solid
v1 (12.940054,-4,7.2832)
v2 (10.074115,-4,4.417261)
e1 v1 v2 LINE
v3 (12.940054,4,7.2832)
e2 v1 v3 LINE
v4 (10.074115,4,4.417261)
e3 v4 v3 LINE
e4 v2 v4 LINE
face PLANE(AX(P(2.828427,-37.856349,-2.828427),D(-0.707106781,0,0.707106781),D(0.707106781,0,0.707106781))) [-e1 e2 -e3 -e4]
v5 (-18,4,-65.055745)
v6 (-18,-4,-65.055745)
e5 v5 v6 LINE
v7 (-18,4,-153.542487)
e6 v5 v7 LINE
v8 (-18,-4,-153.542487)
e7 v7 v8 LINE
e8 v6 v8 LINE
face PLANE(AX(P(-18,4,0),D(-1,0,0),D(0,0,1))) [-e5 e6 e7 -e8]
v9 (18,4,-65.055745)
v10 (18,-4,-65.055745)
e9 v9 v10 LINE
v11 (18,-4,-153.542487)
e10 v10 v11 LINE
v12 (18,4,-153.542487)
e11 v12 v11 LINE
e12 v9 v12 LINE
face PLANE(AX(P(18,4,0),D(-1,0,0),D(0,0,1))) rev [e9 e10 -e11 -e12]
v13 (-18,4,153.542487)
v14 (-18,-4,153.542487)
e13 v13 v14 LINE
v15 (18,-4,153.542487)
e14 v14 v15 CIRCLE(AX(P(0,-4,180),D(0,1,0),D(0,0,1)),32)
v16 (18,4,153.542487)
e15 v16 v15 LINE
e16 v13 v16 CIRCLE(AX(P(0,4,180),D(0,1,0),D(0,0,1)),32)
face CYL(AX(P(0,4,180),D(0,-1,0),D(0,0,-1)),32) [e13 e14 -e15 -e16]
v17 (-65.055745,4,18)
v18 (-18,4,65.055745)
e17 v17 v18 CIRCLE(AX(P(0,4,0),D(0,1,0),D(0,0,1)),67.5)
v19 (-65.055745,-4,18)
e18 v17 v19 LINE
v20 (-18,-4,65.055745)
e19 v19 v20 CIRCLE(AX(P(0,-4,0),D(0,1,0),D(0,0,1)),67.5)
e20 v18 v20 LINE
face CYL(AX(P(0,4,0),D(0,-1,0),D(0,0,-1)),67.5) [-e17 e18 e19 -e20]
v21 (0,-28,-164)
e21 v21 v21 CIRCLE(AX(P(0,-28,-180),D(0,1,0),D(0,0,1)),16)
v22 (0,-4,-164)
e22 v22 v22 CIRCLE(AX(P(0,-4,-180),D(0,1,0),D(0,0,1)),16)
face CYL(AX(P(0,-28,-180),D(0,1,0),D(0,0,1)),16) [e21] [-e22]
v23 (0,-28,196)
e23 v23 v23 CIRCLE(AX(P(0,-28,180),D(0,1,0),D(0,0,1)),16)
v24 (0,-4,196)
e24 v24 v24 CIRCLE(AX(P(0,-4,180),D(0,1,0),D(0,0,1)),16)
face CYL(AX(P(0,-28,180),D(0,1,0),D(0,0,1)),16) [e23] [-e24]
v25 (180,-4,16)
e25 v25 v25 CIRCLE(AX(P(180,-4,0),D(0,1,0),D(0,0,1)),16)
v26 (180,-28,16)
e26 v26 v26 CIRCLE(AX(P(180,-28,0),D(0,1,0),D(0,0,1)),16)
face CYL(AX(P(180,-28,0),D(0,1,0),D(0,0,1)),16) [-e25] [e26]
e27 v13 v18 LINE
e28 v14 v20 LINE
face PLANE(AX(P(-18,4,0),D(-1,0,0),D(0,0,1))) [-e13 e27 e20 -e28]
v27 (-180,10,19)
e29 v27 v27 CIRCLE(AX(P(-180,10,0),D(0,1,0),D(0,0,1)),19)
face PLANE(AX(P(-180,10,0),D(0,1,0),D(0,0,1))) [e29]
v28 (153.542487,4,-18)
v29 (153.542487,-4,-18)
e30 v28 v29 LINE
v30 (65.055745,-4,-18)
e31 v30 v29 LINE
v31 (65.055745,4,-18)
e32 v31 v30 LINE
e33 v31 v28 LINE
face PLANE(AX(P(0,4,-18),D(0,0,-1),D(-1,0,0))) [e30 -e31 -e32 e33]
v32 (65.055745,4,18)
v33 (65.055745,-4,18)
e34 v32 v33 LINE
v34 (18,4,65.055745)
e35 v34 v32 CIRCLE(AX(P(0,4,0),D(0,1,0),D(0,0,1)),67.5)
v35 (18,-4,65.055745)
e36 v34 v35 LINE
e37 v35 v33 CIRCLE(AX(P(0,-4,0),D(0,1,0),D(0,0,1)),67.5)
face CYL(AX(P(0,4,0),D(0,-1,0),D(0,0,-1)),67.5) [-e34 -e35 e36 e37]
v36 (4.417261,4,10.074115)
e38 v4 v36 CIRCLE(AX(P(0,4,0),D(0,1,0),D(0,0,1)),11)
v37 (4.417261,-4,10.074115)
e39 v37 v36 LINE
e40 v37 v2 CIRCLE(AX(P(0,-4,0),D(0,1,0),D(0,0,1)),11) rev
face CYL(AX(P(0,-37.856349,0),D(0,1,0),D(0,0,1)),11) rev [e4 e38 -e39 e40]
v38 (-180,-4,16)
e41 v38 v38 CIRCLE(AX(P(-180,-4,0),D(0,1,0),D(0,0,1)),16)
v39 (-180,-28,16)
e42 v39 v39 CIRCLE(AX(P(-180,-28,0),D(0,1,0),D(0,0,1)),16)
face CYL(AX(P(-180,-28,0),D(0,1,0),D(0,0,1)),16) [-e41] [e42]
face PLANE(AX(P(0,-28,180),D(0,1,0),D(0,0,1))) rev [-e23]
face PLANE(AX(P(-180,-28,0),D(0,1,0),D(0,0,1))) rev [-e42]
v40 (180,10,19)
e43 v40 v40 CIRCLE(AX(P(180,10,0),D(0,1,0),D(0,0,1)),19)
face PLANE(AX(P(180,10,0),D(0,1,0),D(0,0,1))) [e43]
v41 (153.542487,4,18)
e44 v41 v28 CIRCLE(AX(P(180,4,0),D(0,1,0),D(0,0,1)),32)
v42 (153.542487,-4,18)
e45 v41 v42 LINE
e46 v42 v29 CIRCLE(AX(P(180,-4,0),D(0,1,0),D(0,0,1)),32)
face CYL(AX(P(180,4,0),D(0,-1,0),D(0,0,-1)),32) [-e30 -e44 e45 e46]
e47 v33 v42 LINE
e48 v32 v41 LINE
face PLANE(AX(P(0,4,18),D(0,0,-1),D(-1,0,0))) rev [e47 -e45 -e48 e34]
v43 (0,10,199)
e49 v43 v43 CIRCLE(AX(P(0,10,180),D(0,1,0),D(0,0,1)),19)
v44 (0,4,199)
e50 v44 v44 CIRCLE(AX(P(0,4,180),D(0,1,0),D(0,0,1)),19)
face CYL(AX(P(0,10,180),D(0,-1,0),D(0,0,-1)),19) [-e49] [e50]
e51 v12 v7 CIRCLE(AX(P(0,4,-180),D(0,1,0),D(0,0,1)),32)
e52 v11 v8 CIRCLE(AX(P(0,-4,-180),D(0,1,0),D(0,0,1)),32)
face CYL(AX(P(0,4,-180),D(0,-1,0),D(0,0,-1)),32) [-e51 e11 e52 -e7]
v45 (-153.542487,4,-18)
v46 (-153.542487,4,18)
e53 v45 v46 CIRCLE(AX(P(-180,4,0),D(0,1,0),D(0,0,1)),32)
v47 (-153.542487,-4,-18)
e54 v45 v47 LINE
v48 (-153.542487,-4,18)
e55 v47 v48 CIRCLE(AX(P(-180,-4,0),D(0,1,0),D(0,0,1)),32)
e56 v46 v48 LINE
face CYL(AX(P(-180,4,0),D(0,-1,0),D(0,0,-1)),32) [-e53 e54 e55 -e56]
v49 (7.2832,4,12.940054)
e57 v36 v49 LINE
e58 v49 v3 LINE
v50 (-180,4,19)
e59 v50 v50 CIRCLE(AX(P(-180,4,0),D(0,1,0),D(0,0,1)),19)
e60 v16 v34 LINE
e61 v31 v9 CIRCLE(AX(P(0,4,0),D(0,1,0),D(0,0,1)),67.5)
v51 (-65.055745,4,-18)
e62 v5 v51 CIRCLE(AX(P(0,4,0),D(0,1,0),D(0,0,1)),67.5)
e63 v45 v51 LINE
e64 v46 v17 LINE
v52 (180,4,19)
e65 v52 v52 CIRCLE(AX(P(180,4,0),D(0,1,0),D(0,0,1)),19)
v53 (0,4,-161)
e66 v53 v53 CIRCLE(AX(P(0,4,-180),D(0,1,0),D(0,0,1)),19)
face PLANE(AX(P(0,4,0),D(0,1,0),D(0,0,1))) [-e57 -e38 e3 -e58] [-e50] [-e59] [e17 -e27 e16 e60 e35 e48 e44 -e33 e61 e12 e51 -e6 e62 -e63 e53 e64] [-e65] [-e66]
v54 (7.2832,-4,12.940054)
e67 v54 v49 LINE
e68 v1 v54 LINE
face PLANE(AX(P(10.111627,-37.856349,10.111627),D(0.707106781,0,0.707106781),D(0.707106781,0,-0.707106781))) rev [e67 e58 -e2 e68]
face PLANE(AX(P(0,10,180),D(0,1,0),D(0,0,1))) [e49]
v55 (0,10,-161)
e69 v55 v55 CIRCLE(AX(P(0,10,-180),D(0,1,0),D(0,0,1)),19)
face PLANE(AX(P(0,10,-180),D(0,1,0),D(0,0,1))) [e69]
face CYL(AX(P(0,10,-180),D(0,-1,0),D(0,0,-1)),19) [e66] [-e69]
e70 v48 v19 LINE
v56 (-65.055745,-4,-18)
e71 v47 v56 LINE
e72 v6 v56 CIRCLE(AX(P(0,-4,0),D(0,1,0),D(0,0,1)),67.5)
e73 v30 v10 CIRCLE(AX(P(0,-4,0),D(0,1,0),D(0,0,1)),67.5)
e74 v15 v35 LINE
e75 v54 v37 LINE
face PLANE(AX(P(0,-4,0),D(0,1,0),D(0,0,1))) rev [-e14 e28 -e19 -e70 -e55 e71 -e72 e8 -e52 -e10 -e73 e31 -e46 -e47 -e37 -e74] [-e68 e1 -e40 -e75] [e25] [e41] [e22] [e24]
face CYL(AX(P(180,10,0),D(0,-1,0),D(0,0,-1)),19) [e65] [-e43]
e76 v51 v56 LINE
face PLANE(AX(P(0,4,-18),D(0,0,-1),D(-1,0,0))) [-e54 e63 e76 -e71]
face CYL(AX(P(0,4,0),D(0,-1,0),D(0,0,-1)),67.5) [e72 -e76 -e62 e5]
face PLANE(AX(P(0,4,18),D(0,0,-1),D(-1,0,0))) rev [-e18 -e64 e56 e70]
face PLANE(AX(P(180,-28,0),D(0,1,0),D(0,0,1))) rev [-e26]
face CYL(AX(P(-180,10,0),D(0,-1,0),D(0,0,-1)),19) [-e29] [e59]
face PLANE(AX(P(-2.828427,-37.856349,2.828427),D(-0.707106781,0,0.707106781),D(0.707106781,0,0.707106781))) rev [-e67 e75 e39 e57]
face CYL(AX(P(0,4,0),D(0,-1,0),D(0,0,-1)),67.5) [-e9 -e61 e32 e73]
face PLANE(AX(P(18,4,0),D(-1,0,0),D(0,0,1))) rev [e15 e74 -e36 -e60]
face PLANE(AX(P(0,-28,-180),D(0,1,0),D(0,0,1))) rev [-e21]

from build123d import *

# Parameters (mm, degrees)
SKETCH1_R           = 32
SKETCH1_R_2         = 67.5
SKETCH1_W           = 36
SKETCH1_H           = 360
SKETCH1_W_2         = 360
SKETCH1_H_2         = 36
BOSS_EXTRUDE1_DEPTH = 4
SKETCH2_R           = 16
BOSS_EXTRUDE2_DEPTH = 24
SKETCH3_R           = 19
BOSS_EXTRUDE3_DEPTH = 6
CUT_EXTRUDE1_DEPTH  = 8


with BuildPart() as part:
    # Sketch1 → Boss-Extrude1 (new, symmetric)
    with BuildSketch(Plane(origin=(0, 0, 0), x_dir=(1, 0, 0), z_dir=(0, 1, 0))):
        with Locations((0, 180)):
            Circle(SKETCH1_R)
        with Locations((180, 0)):
            Circle(SKETCH1_R)
        with Locations((0, -180)):
            Circle(SKETCH1_R)
        with Locations((-180, 0)):
            Circle(SKETCH1_R)
        Circle(SKETCH1_R_2)
        Rectangle(SKETCH1_W, SKETCH1_H)
        Rectangle(SKETCH1_W_2, SKETCH1_H_2)
    extrude(amount=BOSS_EXTRUDE1_DEPTH, both=True)

    # Sketch2 → Boss-Extrude2 (add)
    with BuildSketch(Plane(origin=(0, -4, 0), x_dir=(1, 0, 0), z_dir=(0, 1, 0))):
        with Locations(Location((-180, 0, 0), (0, 0, 270))):
            Circle(SKETCH2_R)
        with Locations(Location((0, -180, 0), (0, 0, 270))):
            Circle(SKETCH2_R)
        with Locations(Location((180, 0, 0), (0, 0, 270))):
            Circle(SKETCH2_R)
        with Locations(Location((0, 180, 0), (0, 0, 270))):
            Circle(SKETCH2_R)
    extrude(amount=-BOSS_EXTRUDE2_DEPTH)

    # Sketch3 → Boss-Extrude3 (add)
    with BuildSketch(Plane(origin=(0, 4, 0), x_dir=(1, 0, 0), z_dir=(0, 1, 0))):
        with Locations(Location((-180, 0, 0), (0, 0, 270))):
            Circle(SKETCH3_R)
        with Locations(Location((0, 180, 0), (0, 0, 270))):
            Circle(SKETCH3_R)
        with Locations(Location((180, 0, 0), (0, 0, 270))):
            Circle(SKETCH3_R)
        with Locations(Location((0, -180, 0), (0, 0, 270))):
            Circle(SKETCH3_R)
    extrude(amount=BOSS_EXTRUDE3_DEPTH)

    # Sketch4 → Cut-Extrude1 (cut)
    with BuildSketch(Plane(origin=(0, 4, 0), x_dir=(1, 0, 0), z_dir=(0, 1, 0))):
        with BuildLine():
            ThreePointArc((11, 0), (-9.208416632, 6.017064329), (4.417261248, -10.074115498))
            Line((4.417261248, -10.074115498), (10.074115498, -4.417261248))
            ThreePointArc((10.074115498, -4.417261248), (10.766040834, -2.256626855), (11, 0))
        make_face()
        with BuildLine():
            Line((10.074115498, -4.417261248), (4.417261248, -10.074115498))
            ThreePointArc((4.417261248, -10.074115498), (7.778174593, -7.778174593), (10.074115498, -4.417261248))
        make_face()
        with BuildLine():
            ThreePointArc((10.074115498, -4.417261248), (7.778174593, -7.778174593), (4.417261248, -10.074115498))
            Line((4.417261248, -10.074115498), (7.283199846, -12.940054096))
            Line((7.283199846, -12.940054096), (12.940054096, -7.283199846))
            Line((12.940054096, -7.283199846), (10.074115498, -4.417261248))
        make_face()
    extrude(amount=-CUT_EXTRUDE1_DEPTH, mode=Mode.SUBTRACT)


solid = part.part
